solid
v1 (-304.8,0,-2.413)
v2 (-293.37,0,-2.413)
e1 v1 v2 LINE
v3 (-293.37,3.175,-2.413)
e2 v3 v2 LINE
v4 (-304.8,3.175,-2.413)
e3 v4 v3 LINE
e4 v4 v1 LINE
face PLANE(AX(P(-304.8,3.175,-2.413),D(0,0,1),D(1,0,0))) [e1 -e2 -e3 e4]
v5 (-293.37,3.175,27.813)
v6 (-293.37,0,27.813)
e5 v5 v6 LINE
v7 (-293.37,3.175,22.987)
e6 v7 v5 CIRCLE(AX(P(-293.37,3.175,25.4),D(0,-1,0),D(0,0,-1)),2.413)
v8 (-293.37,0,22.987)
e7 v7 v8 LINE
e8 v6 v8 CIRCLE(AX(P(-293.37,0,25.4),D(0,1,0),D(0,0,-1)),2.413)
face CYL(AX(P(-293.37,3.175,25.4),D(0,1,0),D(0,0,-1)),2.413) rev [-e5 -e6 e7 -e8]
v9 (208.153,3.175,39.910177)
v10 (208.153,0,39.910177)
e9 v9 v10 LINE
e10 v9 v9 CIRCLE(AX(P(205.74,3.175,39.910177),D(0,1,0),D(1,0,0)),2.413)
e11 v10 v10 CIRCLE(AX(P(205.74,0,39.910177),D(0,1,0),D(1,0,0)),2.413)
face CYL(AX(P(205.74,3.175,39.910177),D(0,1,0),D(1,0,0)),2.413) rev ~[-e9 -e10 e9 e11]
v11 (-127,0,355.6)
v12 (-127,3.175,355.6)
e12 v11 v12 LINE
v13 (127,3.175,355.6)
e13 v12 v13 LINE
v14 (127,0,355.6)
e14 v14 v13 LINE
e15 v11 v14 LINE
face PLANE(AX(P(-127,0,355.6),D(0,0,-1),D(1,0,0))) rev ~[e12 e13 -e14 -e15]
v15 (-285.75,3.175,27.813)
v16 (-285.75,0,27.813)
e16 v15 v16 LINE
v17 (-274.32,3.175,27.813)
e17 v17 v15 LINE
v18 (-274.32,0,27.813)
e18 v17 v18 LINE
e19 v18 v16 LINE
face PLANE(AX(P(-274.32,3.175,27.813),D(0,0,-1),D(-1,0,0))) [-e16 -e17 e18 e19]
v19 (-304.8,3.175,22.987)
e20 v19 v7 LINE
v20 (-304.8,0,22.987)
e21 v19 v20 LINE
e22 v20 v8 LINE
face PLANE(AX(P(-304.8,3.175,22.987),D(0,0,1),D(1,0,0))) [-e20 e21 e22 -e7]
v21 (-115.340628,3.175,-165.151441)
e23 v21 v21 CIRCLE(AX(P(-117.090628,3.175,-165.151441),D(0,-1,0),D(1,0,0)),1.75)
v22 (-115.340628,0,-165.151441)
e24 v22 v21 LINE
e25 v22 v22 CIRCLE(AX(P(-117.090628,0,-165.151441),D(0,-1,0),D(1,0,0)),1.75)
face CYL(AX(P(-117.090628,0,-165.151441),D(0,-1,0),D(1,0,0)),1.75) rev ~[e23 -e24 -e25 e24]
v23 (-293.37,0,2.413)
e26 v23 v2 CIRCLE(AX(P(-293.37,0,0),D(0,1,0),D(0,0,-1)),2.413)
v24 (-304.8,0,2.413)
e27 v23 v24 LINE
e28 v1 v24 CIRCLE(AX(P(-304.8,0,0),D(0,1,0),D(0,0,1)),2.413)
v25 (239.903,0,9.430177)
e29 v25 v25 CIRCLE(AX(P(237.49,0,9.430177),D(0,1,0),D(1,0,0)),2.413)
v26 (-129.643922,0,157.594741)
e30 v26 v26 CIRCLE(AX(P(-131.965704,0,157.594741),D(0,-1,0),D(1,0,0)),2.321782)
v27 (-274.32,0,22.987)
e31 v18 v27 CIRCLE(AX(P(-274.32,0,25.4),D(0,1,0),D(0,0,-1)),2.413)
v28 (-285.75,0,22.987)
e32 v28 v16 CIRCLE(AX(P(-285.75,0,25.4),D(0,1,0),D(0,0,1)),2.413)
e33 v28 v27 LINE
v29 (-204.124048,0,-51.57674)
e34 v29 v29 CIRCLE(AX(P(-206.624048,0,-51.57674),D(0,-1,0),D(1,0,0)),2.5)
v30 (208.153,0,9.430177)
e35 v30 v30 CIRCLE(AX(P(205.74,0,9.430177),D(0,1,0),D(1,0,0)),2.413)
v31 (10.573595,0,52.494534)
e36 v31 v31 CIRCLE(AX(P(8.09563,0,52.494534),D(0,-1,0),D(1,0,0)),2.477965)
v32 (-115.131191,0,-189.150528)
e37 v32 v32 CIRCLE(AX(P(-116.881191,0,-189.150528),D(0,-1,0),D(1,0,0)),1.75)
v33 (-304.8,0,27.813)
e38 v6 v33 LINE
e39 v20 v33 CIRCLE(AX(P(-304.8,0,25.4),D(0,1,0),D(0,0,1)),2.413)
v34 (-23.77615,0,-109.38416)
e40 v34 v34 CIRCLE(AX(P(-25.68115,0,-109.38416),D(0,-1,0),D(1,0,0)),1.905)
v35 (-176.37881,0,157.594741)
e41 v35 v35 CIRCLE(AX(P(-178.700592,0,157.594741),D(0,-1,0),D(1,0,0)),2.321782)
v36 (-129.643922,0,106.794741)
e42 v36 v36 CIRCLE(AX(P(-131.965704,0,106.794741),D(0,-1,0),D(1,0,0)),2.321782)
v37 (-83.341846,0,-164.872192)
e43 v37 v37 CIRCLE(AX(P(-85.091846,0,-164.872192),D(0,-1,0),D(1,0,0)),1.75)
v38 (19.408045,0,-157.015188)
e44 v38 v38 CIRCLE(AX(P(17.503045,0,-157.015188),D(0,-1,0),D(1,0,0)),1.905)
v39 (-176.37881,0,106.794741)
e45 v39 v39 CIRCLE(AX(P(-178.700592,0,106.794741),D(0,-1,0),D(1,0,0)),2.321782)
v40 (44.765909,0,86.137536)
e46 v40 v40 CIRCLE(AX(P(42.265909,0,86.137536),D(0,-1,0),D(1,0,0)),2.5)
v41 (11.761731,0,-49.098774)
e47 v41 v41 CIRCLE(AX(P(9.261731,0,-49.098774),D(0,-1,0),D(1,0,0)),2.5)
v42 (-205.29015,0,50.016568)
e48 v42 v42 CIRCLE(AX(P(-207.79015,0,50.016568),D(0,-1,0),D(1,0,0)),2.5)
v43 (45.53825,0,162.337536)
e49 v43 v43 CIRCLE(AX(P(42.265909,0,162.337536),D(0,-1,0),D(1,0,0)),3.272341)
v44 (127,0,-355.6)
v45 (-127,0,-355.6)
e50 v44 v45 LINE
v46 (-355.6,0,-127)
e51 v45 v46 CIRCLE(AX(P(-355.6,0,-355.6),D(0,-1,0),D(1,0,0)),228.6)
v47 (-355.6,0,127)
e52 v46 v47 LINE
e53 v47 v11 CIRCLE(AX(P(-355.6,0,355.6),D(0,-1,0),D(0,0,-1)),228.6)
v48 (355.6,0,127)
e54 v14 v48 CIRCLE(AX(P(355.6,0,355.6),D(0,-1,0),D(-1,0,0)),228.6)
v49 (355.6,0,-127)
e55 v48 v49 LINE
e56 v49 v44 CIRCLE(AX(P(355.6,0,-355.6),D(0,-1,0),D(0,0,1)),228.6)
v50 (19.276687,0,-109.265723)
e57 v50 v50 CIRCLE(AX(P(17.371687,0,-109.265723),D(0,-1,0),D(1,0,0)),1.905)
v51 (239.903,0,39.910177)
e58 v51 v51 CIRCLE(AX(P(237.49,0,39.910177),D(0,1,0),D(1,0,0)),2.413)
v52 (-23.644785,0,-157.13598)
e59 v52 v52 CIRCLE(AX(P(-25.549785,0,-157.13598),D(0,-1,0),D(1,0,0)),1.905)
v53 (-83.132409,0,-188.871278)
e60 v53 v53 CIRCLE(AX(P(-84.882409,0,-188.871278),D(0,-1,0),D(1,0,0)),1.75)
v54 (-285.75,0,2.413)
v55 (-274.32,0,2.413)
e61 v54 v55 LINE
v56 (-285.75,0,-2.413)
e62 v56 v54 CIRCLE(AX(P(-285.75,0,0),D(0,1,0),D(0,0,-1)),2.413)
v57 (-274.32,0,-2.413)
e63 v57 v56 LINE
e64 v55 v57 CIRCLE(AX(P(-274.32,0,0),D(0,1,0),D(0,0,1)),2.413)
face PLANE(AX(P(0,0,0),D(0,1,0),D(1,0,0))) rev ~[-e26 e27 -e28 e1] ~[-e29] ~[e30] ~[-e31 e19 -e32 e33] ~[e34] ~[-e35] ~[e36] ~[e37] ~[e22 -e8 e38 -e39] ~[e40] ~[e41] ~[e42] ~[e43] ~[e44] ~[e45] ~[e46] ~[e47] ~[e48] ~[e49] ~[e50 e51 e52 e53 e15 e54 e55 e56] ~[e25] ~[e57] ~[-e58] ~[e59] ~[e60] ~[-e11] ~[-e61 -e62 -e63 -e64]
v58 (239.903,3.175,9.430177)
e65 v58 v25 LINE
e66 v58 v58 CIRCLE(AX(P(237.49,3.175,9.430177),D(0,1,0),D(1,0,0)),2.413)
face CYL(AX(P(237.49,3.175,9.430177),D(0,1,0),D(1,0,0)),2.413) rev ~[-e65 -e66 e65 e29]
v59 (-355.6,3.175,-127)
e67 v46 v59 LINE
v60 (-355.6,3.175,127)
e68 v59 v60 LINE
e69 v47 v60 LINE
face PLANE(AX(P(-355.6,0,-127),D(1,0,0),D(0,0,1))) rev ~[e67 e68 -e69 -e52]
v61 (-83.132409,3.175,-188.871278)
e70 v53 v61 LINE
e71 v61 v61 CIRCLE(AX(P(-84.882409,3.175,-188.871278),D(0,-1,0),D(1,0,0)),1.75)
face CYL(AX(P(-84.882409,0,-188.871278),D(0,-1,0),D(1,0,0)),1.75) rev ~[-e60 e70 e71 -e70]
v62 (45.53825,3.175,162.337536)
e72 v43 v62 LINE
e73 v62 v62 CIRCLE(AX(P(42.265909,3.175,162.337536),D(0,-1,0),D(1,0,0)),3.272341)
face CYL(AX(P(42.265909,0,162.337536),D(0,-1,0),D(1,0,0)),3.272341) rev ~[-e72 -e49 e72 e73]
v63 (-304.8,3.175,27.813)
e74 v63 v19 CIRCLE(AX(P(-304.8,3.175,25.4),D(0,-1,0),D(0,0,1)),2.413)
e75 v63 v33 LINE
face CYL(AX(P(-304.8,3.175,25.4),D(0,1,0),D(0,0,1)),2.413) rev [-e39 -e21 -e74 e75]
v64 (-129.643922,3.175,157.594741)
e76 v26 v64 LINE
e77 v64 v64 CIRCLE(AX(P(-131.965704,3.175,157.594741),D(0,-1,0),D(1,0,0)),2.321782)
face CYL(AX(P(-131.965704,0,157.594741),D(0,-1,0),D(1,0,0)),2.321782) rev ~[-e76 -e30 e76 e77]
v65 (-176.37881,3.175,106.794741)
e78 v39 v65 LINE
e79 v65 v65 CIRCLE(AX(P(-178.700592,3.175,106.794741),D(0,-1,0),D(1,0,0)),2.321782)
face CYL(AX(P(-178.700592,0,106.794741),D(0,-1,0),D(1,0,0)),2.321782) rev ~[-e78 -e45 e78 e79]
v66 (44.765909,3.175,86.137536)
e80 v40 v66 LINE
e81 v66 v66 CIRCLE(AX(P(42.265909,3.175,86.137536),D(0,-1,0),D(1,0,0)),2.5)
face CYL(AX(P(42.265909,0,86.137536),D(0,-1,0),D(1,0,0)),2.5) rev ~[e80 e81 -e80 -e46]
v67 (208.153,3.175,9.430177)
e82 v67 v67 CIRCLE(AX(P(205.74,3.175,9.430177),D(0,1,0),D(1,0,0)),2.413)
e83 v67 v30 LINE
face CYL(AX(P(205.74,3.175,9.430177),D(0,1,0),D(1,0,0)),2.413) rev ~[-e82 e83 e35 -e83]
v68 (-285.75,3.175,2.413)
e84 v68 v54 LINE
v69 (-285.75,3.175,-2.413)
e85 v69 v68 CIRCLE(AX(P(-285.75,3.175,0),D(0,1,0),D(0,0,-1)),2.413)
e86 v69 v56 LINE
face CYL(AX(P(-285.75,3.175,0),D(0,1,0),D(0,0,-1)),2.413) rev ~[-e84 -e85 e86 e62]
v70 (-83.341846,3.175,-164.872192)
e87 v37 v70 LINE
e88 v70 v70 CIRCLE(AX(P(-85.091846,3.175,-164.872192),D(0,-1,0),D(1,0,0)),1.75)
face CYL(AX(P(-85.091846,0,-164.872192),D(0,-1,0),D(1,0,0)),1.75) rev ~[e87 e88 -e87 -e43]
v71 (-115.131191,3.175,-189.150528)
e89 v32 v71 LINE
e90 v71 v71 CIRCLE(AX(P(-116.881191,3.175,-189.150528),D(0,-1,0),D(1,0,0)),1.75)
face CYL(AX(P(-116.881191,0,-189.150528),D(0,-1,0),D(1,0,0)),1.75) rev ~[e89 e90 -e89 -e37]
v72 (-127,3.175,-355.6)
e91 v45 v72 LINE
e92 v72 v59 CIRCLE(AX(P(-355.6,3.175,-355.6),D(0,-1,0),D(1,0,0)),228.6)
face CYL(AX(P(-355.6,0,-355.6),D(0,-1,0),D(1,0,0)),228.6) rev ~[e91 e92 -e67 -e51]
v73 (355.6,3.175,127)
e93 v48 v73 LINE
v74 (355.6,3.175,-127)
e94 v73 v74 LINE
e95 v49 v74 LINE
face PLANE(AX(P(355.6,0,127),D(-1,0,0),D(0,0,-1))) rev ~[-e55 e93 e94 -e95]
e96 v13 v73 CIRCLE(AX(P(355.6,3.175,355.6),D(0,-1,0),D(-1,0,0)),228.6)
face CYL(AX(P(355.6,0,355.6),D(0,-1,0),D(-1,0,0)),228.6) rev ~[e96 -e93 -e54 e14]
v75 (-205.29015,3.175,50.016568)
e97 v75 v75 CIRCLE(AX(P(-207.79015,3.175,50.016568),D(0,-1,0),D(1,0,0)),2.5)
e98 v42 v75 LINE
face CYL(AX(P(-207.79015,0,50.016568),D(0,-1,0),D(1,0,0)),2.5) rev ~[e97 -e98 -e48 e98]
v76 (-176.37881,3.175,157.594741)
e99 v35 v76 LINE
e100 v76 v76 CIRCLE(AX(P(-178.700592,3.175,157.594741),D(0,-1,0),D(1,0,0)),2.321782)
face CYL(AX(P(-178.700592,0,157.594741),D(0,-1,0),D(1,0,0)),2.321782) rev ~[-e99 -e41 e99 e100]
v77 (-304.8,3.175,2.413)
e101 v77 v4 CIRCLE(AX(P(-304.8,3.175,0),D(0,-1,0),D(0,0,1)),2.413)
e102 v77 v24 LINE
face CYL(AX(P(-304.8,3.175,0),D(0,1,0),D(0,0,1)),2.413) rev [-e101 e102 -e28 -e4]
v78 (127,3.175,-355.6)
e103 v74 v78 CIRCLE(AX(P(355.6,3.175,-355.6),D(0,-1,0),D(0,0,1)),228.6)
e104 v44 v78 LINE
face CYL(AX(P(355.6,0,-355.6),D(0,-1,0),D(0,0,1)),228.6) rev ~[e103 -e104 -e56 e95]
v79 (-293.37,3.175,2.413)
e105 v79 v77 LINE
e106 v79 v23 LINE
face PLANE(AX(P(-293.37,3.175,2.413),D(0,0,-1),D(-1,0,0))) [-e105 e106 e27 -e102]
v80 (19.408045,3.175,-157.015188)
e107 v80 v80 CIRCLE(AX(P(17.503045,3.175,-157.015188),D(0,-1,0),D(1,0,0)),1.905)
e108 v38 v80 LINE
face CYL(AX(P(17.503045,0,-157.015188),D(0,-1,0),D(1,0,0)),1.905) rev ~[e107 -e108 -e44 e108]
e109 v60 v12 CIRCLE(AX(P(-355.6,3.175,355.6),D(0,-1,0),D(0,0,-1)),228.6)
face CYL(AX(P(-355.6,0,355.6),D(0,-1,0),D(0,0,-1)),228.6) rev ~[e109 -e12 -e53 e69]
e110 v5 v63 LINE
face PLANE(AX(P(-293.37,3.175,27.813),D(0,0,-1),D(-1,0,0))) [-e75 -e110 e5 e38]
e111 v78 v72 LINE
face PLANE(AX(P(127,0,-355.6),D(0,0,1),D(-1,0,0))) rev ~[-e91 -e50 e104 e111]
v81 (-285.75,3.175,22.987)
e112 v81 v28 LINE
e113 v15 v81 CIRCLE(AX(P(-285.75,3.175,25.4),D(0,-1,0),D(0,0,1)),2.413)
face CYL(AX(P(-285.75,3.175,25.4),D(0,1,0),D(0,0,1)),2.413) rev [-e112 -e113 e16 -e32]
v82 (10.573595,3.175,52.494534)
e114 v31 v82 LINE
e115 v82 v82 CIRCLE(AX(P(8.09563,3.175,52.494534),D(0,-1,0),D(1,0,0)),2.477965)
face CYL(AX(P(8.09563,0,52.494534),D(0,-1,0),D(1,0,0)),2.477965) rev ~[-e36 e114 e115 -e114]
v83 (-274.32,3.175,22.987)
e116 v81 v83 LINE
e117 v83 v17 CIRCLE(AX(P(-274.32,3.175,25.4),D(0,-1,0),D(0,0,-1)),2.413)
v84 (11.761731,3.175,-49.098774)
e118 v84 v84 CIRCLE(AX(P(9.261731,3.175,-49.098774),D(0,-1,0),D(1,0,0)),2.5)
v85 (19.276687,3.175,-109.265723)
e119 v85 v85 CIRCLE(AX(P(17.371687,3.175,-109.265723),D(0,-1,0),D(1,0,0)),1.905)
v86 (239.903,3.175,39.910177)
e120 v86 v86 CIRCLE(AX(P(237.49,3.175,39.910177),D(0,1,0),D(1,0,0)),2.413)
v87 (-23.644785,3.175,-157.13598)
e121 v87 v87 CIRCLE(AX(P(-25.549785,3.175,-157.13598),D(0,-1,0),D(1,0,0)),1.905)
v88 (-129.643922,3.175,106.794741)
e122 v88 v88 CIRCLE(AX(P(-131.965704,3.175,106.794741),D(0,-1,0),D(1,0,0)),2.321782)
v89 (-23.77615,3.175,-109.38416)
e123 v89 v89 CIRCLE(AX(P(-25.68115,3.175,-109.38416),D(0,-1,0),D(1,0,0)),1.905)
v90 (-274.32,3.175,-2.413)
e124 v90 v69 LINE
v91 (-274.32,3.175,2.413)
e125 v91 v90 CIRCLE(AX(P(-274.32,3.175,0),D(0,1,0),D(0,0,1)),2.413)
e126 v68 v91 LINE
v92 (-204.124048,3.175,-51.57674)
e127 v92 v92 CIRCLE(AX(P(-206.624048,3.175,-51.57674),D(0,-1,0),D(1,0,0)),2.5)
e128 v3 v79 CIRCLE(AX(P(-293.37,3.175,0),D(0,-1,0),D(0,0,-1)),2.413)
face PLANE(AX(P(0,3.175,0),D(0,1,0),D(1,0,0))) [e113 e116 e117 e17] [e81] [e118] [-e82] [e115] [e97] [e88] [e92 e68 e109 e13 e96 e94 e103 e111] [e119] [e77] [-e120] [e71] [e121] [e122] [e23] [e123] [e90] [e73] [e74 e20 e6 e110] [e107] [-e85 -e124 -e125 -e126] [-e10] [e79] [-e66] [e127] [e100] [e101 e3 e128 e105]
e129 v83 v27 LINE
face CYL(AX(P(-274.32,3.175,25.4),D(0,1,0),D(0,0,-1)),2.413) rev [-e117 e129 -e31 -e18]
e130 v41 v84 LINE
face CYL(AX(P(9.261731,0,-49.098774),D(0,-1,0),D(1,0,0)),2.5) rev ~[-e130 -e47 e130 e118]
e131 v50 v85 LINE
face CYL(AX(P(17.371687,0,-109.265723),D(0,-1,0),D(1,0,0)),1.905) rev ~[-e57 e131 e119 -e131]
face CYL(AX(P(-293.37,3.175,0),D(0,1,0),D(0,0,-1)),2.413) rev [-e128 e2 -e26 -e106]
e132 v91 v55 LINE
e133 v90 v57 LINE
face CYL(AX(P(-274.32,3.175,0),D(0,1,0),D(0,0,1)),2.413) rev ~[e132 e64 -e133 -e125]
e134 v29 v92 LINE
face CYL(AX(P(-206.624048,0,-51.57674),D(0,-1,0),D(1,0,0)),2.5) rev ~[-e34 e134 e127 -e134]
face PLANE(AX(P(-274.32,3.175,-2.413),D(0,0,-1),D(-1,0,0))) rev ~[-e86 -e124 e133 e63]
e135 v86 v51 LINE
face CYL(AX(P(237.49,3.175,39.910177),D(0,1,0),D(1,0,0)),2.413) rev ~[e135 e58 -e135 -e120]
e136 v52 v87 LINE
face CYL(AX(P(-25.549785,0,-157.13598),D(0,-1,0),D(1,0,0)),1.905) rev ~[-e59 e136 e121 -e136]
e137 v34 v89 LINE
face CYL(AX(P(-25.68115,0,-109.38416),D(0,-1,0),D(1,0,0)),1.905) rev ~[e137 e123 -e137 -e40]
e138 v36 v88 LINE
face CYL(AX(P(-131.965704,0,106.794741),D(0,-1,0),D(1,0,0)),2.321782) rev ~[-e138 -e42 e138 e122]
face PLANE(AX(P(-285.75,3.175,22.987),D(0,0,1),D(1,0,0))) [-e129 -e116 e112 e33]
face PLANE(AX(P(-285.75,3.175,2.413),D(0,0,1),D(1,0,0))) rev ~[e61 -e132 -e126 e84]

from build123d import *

# Parameters (mm, degrees)
BOSS_EXTRUDE1_DEPTH     = 3.175
CUT_EXTRUDE1_DEPTH      = 1
CUT_EXTRUDE1_DEPTH_BACK = 4.175
SKETCH4_R               = 2.413
CUT_EXTRUDE2_DEPTH      = 4.175
SKETCH5_R               = 2.5
SKETCH5_R_2             = 2.47796547
CUT_EXTRUDE3_DEPTH      = 4.175
SKETCH6_R               = 2.321781934
SKETCH6_R_2             = 3.272341149
SKETCH6_R_3             = 2.5
SKETCH6_R_4             = 1.905
SKETCH6_R_5             = 1.75
CUT_EXTRUDE4_DEPTH      = 4.175


with BuildPart() as part:
    # Sketch1 → Boss-Extrude1 (new body)
    with BuildSketch(Plane(origin=(0, 0, 0), x_dir=(1, 0, 0), z_dir=(0, 1, 0))):
        with BuildLine():
            Line((-127, -355.6), (127, -355.6))
            ThreePointArc((127, -355.6), (193.955389821, -193.955389821), (355.6, -127))
            Line((355.6, -127), (355.6, 127))
            ThreePointArc((355.6, 127), (193.955389821, 193.955389821), (127, 355.6))
            Line((127, 355.6), (-127, 355.6))
            ThreePointArc((-127, 355.6), (-193.955389821, 193.955389821), (-355.6, 127))
            Line((-355.6, 127), (-355.6, -127))
            ThreePointArc((-355.6, -127), (-193.955389821, -193.955389821), (-127, -355.6))
        make_face()
    extrude(amount=BOSS_EXTRUDE1_DEPTH)

    # Sketch2 → Cut-Extrude1 (cut, two sides)
    with BuildSketch(Plane(origin=(0, 3.175, 0), x_dir=(1, 0, 0), z_dir=(0, 1, 0))) as cut_extrude1_sk:
        with BuildLine():
            Line((-304.8, 2.413), (-293.37, 2.413))
            ThreePointArc((-293.37, 2.413), (-290.957, 0), (-293.37, -2.413))
            Line((-293.37, -2.413), (-304.8, -2.413))
            ThreePointArc((-304.8, -2.413), (-307.213, 0), (-304.8, 2.413))
        make_face()
        with BuildLine():
            Line((-304.8, -22.987), (-293.37, -22.987))
            ThreePointArc((-293.37, -22.987), (-290.957, -25.4), (-293.37, -27.813))
            Line((-293.37, -27.813), (-304.8, -27.813))
            ThreePointArc((-304.8, -27.813), (-307.213, -25.4), (-304.8, -22.987))
        make_face()
        with BuildLine():
            Line((-285.75, -2.413), (-274.32, -2.413))
            ThreePointArc((-274.32, -2.413), (-271.907, 0), (-274.32, 2.413))
            Line((-274.32, 2.413), (-285.75, 2.413))
            ThreePointArc((-285.75, 2.413), (-288.163, 0), (-285.75, -2.413))
        make_face()
        with BuildLine():
            Line((-285.75, -22.987), (-274.32, -22.987))
            ThreePointArc((-274.32, -22.987), (-271.907, -25.4), (-274.32, -27.813))
            Line((-274.32, -27.813), (-285.75, -27.813))
            ThreePointArc((-285.75, -27.813), (-288.163, -25.4), (-285.75, -22.987))
        make_face()
    extrude(amount=CUT_EXTRUDE1_DEPTH, mode=Mode.SUBTRACT)
    extrude(cut_extrude1_sk.sketch, amount=-CUT_EXTRUDE1_DEPTH_BACK, mode=Mode.SUBTRACT)

    # Sketch4 → Cut-Extrude2 (cut, through all)
    with BuildSketch(Plane(origin=(0, 3.175, 0), x_dir=(1, 0, 0), z_dir=(0, 1, 0))):
        with Locations((237.49, -9.430177049)):
            Circle(SKETCH4_R)
        with Locations((205.74, -9.430177049)):
            Circle(SKETCH4_R)
        with Locations((237.49, -39.910177049)):
            Circle(SKETCH4_R)
        with Locations((205.74, -39.910177049)):
            Circle(SKETCH4_R)
    extrude(amount=-CUT_EXTRUDE2_DEPTH, mode=Mode.SUBTRACT)

    # Sketch5 → Cut-Extrude3 (cut, through all)
    with BuildSketch(Plane.XZ):
        with Locations((-207.790149601, 50.01656837)):
            Circle(SKETCH5_R)
        with Locations((-206.624048203, -51.576739518)):
            Circle(SKETCH5_R)
        with Locations((8.09562966, 52.494533839)):
            Circle(SKETCH5_R_2)
        with Locations((9.261731058, -49.098774048)):
            Circle(SKETCH5_R)
    extrude(amount=-CUT_EXTRUDE3_DEPTH, mode=Mode.SUBTRACT)

    # Sketch6 → Cut-Extrude4 (cut, through all)
    with BuildSketch(Plane.XZ):
        with Locations((-131.96570437, 157.594741445)):
            Circle(SKETCH6_R)
        with Locations((-131.96570437, 106.794741445)):
            Circle(SKETCH6_R)
        with Locations((-178.700591901, 106.794741445)):
            Circle(SKETCH6_R)
        with Locations((-178.700591901, 157.594741445)):
            Circle(SKETCH6_R)
        with Locations((42.265908941, 162.337536061)):
            Circle(SKETCH6_R_2)
        with Locations((42.265908941, 86.137536061)):
            Circle(SKETCH6_R_3)
        with Locations((17.371687145, -109.265722508)):
            Circle(SKETCH6_R_4)
        with Locations((-25.681149945, -109.384160374)):
            Circle(SKETCH6_R_4)
        with Locations((-25.549785233, -157.135979683)):
            Circle(SKETCH6_R_4)
        with Locations((17.503045383, -157.015188359)):
            Circle(SKETCH6_R_4)
        with Locations((-84.882409293, -188.871278488)):
            Circle(SKETCH6_R_5)
        with Locations((-85.091846145, -164.872192335)):
            Circle(SKETCH6_R_5)
        with Locations((-116.881190831, -189.150527624)):
            Circle(SKETCH6_R_5)
        with Locations((-117.090627683, -165.151441471)):
            Circle(SKETCH6_R_5)
    extrude(amount=-CUT_EXTRUDE4_DEPTH, mode=Mode.SUBTRACT)


solid = part.part
